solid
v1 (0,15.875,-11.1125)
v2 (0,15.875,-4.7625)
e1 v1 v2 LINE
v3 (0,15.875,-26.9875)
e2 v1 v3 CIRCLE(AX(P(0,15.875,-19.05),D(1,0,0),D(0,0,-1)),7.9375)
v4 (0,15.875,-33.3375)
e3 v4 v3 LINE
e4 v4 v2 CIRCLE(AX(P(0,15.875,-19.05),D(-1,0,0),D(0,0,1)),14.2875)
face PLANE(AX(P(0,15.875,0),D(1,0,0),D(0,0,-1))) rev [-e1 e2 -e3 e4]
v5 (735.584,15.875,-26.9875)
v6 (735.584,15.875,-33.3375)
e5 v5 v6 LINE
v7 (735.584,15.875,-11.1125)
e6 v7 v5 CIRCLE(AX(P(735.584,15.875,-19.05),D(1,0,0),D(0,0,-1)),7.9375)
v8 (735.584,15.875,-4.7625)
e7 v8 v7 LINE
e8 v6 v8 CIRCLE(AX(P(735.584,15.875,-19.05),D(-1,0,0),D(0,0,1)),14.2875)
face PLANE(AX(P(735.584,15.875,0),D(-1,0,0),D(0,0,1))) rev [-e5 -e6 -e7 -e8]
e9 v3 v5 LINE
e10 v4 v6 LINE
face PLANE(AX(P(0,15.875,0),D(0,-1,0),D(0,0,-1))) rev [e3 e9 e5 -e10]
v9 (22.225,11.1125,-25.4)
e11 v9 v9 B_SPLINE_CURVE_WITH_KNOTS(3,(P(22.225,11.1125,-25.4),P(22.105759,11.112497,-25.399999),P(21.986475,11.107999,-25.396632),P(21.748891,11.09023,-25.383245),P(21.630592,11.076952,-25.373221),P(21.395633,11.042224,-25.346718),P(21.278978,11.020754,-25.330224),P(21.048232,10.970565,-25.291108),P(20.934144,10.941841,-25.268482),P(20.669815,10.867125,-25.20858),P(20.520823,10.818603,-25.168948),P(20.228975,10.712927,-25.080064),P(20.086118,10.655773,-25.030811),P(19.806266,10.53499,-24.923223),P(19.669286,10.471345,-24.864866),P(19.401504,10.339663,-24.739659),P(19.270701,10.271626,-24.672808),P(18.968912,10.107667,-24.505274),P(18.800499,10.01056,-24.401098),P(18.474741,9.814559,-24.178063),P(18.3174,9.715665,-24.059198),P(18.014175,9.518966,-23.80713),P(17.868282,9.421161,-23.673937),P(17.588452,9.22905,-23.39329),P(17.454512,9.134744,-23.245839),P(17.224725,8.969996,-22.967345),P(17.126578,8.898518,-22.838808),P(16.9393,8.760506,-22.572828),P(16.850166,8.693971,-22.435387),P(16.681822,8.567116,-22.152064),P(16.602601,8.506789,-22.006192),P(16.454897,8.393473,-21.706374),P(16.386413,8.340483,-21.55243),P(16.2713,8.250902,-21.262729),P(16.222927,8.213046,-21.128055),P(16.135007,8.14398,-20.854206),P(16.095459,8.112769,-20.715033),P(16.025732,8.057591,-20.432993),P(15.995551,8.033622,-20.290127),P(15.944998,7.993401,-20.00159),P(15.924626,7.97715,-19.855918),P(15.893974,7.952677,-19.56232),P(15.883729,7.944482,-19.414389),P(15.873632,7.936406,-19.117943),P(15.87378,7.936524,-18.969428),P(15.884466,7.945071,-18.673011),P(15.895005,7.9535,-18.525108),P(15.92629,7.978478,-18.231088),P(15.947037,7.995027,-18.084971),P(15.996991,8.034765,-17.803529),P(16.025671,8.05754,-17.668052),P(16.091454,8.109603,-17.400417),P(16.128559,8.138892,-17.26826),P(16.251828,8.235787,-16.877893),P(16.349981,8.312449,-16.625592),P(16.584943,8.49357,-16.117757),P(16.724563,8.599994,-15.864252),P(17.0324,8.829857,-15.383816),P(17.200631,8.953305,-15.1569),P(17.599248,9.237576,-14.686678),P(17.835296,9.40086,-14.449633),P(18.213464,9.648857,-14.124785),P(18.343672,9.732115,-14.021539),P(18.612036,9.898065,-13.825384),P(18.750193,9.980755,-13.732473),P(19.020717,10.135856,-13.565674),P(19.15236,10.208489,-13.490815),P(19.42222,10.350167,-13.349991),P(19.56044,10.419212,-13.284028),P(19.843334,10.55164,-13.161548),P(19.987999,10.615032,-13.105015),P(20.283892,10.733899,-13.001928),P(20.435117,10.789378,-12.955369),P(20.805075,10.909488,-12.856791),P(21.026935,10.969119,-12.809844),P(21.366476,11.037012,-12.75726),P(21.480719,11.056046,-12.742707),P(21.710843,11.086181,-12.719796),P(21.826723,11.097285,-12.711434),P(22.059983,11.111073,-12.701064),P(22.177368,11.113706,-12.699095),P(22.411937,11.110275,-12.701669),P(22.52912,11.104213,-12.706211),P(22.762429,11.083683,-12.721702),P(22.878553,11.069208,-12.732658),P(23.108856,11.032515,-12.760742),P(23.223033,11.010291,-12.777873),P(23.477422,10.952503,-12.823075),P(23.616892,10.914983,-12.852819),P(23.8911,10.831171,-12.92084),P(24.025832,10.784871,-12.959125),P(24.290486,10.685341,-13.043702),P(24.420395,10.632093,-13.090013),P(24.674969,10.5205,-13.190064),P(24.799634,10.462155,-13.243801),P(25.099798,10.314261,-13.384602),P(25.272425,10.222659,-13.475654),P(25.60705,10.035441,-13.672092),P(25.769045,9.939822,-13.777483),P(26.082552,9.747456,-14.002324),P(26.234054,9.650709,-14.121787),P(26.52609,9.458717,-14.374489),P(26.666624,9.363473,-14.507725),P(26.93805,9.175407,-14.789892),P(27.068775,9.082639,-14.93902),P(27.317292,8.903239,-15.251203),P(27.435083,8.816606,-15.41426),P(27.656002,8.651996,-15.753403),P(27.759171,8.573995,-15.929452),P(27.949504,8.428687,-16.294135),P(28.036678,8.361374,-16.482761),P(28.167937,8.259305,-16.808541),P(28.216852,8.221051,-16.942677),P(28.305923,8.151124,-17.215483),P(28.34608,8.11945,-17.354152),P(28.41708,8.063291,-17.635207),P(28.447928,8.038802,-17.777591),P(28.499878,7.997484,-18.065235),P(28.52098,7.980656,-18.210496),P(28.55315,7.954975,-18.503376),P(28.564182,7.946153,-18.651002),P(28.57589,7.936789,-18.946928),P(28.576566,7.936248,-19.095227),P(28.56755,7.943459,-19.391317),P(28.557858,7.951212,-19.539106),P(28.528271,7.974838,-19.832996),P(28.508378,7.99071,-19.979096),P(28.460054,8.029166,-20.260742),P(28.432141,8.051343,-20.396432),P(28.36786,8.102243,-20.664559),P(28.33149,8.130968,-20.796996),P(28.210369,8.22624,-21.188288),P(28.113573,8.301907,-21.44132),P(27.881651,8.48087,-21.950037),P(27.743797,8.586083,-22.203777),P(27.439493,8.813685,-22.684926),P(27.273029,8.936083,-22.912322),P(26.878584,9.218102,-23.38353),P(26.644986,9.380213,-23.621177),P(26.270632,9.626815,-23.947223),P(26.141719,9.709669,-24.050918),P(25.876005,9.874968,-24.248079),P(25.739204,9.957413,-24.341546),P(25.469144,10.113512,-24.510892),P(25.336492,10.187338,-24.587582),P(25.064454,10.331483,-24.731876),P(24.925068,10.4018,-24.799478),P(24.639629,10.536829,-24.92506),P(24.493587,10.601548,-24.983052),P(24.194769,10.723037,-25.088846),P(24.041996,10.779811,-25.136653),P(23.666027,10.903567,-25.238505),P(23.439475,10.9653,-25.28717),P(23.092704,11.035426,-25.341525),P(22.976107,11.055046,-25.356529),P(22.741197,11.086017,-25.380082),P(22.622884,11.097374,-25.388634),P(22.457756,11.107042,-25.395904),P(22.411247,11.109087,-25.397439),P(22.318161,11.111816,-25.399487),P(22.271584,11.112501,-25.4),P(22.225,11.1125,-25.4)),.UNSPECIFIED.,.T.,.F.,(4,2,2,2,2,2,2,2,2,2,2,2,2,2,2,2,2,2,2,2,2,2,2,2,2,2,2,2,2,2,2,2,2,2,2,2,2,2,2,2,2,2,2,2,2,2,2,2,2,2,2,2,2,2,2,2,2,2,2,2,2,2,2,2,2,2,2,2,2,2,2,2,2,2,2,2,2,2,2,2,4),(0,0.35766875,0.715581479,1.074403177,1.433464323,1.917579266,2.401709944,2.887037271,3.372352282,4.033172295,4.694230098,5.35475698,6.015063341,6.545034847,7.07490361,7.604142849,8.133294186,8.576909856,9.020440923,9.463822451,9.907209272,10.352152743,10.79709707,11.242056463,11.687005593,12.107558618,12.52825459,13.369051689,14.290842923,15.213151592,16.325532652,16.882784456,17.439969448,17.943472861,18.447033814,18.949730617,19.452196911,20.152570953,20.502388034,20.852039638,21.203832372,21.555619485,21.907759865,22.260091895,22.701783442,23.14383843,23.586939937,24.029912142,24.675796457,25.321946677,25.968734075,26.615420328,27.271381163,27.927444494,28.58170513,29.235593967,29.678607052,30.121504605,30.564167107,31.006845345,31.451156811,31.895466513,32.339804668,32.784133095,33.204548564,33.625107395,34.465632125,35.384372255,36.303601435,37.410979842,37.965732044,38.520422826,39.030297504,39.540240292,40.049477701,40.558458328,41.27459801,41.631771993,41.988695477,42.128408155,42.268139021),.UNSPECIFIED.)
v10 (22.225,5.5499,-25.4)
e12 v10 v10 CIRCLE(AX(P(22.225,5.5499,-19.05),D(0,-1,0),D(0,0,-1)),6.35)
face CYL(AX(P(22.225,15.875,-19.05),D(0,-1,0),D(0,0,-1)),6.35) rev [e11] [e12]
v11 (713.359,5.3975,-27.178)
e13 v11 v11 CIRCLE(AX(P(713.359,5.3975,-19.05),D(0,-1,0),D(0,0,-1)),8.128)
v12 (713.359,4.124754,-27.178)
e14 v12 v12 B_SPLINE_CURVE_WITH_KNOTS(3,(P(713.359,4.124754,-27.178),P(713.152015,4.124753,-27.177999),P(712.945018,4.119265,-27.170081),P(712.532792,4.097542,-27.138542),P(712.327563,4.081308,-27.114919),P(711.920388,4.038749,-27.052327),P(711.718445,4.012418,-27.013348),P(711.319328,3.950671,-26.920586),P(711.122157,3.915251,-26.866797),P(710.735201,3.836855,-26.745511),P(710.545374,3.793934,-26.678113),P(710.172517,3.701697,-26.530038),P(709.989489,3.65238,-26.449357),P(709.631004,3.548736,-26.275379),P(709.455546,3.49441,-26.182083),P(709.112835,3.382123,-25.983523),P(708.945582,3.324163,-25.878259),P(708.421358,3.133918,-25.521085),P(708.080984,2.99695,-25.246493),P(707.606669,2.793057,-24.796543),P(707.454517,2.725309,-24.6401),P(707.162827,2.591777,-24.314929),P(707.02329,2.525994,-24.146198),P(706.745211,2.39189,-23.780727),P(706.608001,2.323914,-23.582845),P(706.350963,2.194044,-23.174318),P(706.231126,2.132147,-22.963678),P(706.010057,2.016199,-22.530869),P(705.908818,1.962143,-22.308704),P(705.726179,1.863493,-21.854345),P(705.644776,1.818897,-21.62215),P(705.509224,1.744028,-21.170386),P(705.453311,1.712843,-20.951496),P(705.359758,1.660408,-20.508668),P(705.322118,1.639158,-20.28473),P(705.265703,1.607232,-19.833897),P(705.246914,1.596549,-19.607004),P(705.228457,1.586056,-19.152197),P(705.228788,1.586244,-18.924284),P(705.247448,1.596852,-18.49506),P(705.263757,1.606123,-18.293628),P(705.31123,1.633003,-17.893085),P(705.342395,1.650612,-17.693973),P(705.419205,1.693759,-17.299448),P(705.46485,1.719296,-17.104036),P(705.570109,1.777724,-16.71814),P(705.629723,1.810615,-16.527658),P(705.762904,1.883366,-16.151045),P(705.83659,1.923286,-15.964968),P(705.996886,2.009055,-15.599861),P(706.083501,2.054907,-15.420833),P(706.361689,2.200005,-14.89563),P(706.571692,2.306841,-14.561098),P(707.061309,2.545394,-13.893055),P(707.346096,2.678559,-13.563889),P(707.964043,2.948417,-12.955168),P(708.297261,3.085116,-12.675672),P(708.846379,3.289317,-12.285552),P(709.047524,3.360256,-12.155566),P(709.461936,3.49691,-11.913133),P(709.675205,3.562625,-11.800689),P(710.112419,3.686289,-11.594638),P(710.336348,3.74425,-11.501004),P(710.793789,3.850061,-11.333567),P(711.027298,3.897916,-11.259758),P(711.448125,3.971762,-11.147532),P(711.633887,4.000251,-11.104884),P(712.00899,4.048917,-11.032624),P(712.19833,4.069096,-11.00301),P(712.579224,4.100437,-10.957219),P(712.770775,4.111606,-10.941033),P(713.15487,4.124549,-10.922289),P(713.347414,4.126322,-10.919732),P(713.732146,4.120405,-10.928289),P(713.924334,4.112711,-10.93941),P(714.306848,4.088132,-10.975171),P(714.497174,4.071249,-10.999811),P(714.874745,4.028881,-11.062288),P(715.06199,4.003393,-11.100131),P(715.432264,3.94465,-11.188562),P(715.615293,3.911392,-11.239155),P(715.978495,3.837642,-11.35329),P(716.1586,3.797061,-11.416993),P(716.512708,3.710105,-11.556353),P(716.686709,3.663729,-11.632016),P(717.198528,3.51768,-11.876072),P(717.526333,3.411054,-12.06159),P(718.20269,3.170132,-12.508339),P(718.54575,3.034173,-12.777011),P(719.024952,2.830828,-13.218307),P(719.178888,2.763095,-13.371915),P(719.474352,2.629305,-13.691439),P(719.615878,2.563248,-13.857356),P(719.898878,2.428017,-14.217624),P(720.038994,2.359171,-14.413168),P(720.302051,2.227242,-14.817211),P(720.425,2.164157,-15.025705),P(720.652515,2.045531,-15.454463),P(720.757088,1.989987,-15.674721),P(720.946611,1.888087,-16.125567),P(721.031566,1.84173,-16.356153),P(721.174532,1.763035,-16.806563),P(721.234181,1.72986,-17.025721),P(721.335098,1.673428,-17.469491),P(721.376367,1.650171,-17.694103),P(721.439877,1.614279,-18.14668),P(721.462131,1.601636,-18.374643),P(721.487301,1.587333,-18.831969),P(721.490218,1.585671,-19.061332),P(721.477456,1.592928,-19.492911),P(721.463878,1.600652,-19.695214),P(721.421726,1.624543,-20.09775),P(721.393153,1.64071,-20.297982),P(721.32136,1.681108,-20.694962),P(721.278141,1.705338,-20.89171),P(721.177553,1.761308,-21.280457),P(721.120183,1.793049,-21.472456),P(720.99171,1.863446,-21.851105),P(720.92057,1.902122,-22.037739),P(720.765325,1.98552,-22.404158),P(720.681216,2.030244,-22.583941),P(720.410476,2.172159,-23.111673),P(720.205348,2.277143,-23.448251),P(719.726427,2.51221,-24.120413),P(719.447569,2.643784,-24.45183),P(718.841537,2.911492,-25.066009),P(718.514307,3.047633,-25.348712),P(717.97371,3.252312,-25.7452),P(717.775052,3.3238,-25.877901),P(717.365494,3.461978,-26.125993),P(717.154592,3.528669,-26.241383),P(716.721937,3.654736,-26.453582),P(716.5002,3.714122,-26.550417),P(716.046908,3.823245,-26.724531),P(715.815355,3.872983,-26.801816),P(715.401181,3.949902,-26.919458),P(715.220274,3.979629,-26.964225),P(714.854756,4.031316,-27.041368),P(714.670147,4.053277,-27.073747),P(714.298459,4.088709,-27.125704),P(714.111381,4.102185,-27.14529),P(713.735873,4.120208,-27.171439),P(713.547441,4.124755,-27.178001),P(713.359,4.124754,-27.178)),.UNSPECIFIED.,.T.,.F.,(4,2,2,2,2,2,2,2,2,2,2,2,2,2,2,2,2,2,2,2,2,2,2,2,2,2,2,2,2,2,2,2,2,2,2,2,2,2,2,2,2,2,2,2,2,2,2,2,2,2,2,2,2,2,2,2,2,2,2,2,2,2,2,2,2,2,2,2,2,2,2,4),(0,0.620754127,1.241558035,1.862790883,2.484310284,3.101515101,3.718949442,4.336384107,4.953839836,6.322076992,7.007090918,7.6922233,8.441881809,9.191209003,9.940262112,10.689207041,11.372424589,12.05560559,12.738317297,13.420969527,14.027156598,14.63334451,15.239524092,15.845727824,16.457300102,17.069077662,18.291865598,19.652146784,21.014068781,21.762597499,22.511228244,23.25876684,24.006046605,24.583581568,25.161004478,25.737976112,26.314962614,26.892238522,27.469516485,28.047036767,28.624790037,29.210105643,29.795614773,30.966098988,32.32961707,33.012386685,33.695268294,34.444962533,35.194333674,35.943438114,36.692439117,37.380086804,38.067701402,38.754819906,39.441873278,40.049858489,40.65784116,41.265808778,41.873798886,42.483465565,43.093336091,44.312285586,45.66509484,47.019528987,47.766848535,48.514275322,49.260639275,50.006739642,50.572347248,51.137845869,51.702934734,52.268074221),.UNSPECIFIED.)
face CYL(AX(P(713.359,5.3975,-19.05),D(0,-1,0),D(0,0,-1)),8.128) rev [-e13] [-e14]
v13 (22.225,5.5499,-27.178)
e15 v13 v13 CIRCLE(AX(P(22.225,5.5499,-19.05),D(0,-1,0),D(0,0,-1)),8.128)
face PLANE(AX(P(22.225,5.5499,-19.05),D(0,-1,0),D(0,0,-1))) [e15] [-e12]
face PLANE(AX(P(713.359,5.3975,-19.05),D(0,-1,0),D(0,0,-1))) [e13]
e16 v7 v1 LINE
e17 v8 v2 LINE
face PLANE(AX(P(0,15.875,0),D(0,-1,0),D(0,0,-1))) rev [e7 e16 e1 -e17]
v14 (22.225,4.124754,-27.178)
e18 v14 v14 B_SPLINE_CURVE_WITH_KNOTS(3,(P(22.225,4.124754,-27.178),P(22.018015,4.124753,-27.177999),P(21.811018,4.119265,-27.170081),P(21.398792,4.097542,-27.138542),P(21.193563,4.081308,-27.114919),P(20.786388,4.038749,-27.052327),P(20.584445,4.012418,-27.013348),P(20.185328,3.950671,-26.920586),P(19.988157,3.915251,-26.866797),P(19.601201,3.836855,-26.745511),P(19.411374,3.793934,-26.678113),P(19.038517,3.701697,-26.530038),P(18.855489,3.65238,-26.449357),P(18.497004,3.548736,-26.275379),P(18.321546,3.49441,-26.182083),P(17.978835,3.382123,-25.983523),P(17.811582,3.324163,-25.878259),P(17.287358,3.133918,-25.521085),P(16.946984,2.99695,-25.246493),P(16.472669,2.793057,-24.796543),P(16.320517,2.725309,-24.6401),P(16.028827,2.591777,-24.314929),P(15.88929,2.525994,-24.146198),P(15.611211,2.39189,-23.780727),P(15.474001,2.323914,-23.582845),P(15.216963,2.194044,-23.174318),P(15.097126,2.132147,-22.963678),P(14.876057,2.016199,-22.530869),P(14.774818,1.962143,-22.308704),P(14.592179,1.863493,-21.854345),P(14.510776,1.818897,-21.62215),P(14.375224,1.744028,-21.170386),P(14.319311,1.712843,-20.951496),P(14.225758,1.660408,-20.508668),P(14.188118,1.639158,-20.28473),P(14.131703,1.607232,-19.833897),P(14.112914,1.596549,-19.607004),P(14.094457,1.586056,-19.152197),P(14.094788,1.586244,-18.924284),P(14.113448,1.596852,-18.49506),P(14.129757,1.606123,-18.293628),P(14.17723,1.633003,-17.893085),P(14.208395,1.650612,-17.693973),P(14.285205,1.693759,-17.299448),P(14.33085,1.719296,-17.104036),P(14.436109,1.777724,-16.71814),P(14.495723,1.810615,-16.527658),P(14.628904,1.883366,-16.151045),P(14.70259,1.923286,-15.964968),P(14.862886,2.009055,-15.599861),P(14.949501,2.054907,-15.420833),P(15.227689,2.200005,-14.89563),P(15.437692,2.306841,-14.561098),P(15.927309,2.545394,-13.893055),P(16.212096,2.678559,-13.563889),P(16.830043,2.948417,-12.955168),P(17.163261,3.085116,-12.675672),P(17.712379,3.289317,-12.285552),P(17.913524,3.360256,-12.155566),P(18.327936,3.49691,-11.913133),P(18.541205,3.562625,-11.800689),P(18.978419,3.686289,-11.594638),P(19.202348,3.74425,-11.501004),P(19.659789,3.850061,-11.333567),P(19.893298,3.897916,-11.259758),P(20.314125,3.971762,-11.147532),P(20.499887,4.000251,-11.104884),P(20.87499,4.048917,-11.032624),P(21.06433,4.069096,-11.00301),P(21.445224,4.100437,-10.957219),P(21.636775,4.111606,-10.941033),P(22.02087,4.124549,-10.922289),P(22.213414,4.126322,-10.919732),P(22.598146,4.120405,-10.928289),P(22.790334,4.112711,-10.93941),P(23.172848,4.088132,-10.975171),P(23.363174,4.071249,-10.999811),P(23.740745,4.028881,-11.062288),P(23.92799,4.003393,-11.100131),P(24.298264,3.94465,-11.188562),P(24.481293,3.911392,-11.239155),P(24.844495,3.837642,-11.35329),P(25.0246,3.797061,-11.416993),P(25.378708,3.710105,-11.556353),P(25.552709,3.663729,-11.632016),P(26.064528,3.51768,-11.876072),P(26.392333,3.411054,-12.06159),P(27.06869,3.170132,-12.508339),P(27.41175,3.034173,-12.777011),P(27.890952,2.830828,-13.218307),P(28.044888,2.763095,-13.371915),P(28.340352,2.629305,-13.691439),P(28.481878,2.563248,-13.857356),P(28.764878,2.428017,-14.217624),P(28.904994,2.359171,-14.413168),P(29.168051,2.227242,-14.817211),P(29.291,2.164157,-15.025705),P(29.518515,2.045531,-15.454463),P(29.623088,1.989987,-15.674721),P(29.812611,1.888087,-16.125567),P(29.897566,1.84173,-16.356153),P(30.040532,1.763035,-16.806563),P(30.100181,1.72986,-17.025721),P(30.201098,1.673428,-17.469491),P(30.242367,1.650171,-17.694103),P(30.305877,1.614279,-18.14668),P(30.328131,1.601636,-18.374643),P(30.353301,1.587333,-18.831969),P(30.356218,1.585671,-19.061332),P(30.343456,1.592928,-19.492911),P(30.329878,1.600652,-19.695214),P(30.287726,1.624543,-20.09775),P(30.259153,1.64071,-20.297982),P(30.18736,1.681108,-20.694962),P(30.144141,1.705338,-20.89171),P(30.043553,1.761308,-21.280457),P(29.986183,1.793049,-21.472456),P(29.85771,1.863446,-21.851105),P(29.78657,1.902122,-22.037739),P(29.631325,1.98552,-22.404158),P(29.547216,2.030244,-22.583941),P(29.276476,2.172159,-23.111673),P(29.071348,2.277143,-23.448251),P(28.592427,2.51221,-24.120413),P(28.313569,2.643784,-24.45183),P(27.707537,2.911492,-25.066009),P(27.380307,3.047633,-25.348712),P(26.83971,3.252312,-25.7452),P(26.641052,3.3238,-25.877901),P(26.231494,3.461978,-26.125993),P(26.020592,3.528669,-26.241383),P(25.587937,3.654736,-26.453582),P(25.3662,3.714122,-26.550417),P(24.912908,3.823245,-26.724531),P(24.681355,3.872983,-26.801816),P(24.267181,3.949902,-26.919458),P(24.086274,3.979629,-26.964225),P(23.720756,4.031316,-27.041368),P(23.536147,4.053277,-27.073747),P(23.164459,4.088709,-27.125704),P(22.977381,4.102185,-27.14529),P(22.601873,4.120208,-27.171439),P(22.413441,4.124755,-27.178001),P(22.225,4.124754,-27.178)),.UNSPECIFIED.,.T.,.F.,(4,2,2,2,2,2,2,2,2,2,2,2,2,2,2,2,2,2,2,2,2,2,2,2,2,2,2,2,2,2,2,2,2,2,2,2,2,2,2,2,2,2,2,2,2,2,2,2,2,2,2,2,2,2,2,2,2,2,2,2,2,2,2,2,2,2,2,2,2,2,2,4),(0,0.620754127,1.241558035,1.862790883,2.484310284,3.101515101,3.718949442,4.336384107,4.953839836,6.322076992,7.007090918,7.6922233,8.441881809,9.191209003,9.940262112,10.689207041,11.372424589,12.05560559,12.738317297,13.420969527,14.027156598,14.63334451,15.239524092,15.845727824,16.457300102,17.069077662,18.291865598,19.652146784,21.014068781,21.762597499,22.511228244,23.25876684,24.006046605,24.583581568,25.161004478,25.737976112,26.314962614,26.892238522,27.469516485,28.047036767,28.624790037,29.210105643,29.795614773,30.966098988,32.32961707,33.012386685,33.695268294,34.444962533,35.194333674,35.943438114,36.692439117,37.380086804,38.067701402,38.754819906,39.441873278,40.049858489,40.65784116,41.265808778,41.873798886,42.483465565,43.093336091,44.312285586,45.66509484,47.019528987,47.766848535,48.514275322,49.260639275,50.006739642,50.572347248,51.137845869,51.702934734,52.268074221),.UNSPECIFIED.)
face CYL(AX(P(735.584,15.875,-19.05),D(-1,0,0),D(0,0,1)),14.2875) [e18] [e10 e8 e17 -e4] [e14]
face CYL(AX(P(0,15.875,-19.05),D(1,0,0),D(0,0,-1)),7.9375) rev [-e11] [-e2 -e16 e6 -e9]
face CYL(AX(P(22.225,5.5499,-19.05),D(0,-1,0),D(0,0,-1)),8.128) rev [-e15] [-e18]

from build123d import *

# Parameters (mm, degrees)
SKETCH1_W                     = 735.584
SKETCH1_H                     = 38.1
WOOD_BLOCK_DEPTH              = 15.875
SKETCH2_R                     = 7.9375
INNER_BORE_DEPTH              = 737.741098814
SKETCH3_R                     = 6.35
MOUTHPIECE_THROUGH_HOLE_DEPTH = 737.741098814
SKETCH5_R                     = 8.128
CUT_EXTRUDE3_DEPTH            = 5.5499
SKETCH6_R                     = 8.128
CUT_EXTRUDE4_DEPTH            = 5.3975
SKETCH4_OUTSIDE_W             = 187.448
SKETCH4_OUTSIDE_H             = 165.223
SKETCH4_OUTSIDE_R             = 14.2875
OUTER_DIAMETER_DEPTH          = 737.741098916


with BuildPart() as part:
    # Sketch1 → wood block (new body)
    with BuildSketch(Plane(origin=(0, 0, 0), x_dir=(1, 0, 0), z_dir=(0, 1, 0))):
        with Locations((367.792, 19.05)):
            Rectangle(SKETCH1_W, SKETCH1_H)
    extrude(amount=WOOD_BLOCK_DEPTH)

    # Sketch2 → inner bore (cut, through all)
    with BuildSketch(Plane(origin=(735.584, 0, 0), x_dir=(0, 0, -1), z_dir=(1, 0, 0))):
        with Locations((19.05, 15.875)):
            Circle(SKETCH2_R)
    extrude(amount=-INNER_BORE_DEPTH, mode=Mode.SUBTRACT)

    # Sketch3 → mouthpiece through hole (cut, through all)
    with BuildSketch(Plane(origin=(0, 0, 0), x_dir=(1, 0, 0), z_dir=(0, 1, 0))):
        with Locations(Location((22.225, 19.05, 0), (0, 0, 90))):
            Circle(SKETCH3_R)
    extrude(amount=MOUTHPIECE_THROUGH_HOLE_DEPTH, mode=Mode.SUBTRACT)

    # Sketch5 → Cut-Extrude3 (cut)
    with BuildSketch(Plane.XZ):
        with Locations(Location((22.225, -19.05, 0), (0, 0, 270))):
            Circle(SKETCH5_R)
    extrude(amount=-CUT_EXTRUDE3_DEPTH, mode=Mode.SUBTRACT)

    # Sketch6 → Cut-Extrude4 (cut)
    with BuildSketch(Plane.XZ):
        with Locations(Location((713.359, -19.05, 0), (0, 0, 270))):
            Circle(SKETCH6_R)
    extrude(amount=-CUT_EXTRUDE4_DEPTH, mode=Mode.SUBTRACT)

    # Sketch4 outside → outer diameter (cut, through all)
    with BuildSketch(Plane.ZY):
        with Locations((-19.05, 7.9375)):
            Rectangle(SKETCH4_OUTSIDE_W, SKETCH4_OUTSIDE_H)
        with Locations((-19.05, 15.875)):
            Circle(SKETCH4_OUTSIDE_R, mode=Mode.SUBTRACT)
    extrude(amount=-OUTER_DIAMETER_DEPTH, mode=Mode.SUBTRACT)


solid = part.part
